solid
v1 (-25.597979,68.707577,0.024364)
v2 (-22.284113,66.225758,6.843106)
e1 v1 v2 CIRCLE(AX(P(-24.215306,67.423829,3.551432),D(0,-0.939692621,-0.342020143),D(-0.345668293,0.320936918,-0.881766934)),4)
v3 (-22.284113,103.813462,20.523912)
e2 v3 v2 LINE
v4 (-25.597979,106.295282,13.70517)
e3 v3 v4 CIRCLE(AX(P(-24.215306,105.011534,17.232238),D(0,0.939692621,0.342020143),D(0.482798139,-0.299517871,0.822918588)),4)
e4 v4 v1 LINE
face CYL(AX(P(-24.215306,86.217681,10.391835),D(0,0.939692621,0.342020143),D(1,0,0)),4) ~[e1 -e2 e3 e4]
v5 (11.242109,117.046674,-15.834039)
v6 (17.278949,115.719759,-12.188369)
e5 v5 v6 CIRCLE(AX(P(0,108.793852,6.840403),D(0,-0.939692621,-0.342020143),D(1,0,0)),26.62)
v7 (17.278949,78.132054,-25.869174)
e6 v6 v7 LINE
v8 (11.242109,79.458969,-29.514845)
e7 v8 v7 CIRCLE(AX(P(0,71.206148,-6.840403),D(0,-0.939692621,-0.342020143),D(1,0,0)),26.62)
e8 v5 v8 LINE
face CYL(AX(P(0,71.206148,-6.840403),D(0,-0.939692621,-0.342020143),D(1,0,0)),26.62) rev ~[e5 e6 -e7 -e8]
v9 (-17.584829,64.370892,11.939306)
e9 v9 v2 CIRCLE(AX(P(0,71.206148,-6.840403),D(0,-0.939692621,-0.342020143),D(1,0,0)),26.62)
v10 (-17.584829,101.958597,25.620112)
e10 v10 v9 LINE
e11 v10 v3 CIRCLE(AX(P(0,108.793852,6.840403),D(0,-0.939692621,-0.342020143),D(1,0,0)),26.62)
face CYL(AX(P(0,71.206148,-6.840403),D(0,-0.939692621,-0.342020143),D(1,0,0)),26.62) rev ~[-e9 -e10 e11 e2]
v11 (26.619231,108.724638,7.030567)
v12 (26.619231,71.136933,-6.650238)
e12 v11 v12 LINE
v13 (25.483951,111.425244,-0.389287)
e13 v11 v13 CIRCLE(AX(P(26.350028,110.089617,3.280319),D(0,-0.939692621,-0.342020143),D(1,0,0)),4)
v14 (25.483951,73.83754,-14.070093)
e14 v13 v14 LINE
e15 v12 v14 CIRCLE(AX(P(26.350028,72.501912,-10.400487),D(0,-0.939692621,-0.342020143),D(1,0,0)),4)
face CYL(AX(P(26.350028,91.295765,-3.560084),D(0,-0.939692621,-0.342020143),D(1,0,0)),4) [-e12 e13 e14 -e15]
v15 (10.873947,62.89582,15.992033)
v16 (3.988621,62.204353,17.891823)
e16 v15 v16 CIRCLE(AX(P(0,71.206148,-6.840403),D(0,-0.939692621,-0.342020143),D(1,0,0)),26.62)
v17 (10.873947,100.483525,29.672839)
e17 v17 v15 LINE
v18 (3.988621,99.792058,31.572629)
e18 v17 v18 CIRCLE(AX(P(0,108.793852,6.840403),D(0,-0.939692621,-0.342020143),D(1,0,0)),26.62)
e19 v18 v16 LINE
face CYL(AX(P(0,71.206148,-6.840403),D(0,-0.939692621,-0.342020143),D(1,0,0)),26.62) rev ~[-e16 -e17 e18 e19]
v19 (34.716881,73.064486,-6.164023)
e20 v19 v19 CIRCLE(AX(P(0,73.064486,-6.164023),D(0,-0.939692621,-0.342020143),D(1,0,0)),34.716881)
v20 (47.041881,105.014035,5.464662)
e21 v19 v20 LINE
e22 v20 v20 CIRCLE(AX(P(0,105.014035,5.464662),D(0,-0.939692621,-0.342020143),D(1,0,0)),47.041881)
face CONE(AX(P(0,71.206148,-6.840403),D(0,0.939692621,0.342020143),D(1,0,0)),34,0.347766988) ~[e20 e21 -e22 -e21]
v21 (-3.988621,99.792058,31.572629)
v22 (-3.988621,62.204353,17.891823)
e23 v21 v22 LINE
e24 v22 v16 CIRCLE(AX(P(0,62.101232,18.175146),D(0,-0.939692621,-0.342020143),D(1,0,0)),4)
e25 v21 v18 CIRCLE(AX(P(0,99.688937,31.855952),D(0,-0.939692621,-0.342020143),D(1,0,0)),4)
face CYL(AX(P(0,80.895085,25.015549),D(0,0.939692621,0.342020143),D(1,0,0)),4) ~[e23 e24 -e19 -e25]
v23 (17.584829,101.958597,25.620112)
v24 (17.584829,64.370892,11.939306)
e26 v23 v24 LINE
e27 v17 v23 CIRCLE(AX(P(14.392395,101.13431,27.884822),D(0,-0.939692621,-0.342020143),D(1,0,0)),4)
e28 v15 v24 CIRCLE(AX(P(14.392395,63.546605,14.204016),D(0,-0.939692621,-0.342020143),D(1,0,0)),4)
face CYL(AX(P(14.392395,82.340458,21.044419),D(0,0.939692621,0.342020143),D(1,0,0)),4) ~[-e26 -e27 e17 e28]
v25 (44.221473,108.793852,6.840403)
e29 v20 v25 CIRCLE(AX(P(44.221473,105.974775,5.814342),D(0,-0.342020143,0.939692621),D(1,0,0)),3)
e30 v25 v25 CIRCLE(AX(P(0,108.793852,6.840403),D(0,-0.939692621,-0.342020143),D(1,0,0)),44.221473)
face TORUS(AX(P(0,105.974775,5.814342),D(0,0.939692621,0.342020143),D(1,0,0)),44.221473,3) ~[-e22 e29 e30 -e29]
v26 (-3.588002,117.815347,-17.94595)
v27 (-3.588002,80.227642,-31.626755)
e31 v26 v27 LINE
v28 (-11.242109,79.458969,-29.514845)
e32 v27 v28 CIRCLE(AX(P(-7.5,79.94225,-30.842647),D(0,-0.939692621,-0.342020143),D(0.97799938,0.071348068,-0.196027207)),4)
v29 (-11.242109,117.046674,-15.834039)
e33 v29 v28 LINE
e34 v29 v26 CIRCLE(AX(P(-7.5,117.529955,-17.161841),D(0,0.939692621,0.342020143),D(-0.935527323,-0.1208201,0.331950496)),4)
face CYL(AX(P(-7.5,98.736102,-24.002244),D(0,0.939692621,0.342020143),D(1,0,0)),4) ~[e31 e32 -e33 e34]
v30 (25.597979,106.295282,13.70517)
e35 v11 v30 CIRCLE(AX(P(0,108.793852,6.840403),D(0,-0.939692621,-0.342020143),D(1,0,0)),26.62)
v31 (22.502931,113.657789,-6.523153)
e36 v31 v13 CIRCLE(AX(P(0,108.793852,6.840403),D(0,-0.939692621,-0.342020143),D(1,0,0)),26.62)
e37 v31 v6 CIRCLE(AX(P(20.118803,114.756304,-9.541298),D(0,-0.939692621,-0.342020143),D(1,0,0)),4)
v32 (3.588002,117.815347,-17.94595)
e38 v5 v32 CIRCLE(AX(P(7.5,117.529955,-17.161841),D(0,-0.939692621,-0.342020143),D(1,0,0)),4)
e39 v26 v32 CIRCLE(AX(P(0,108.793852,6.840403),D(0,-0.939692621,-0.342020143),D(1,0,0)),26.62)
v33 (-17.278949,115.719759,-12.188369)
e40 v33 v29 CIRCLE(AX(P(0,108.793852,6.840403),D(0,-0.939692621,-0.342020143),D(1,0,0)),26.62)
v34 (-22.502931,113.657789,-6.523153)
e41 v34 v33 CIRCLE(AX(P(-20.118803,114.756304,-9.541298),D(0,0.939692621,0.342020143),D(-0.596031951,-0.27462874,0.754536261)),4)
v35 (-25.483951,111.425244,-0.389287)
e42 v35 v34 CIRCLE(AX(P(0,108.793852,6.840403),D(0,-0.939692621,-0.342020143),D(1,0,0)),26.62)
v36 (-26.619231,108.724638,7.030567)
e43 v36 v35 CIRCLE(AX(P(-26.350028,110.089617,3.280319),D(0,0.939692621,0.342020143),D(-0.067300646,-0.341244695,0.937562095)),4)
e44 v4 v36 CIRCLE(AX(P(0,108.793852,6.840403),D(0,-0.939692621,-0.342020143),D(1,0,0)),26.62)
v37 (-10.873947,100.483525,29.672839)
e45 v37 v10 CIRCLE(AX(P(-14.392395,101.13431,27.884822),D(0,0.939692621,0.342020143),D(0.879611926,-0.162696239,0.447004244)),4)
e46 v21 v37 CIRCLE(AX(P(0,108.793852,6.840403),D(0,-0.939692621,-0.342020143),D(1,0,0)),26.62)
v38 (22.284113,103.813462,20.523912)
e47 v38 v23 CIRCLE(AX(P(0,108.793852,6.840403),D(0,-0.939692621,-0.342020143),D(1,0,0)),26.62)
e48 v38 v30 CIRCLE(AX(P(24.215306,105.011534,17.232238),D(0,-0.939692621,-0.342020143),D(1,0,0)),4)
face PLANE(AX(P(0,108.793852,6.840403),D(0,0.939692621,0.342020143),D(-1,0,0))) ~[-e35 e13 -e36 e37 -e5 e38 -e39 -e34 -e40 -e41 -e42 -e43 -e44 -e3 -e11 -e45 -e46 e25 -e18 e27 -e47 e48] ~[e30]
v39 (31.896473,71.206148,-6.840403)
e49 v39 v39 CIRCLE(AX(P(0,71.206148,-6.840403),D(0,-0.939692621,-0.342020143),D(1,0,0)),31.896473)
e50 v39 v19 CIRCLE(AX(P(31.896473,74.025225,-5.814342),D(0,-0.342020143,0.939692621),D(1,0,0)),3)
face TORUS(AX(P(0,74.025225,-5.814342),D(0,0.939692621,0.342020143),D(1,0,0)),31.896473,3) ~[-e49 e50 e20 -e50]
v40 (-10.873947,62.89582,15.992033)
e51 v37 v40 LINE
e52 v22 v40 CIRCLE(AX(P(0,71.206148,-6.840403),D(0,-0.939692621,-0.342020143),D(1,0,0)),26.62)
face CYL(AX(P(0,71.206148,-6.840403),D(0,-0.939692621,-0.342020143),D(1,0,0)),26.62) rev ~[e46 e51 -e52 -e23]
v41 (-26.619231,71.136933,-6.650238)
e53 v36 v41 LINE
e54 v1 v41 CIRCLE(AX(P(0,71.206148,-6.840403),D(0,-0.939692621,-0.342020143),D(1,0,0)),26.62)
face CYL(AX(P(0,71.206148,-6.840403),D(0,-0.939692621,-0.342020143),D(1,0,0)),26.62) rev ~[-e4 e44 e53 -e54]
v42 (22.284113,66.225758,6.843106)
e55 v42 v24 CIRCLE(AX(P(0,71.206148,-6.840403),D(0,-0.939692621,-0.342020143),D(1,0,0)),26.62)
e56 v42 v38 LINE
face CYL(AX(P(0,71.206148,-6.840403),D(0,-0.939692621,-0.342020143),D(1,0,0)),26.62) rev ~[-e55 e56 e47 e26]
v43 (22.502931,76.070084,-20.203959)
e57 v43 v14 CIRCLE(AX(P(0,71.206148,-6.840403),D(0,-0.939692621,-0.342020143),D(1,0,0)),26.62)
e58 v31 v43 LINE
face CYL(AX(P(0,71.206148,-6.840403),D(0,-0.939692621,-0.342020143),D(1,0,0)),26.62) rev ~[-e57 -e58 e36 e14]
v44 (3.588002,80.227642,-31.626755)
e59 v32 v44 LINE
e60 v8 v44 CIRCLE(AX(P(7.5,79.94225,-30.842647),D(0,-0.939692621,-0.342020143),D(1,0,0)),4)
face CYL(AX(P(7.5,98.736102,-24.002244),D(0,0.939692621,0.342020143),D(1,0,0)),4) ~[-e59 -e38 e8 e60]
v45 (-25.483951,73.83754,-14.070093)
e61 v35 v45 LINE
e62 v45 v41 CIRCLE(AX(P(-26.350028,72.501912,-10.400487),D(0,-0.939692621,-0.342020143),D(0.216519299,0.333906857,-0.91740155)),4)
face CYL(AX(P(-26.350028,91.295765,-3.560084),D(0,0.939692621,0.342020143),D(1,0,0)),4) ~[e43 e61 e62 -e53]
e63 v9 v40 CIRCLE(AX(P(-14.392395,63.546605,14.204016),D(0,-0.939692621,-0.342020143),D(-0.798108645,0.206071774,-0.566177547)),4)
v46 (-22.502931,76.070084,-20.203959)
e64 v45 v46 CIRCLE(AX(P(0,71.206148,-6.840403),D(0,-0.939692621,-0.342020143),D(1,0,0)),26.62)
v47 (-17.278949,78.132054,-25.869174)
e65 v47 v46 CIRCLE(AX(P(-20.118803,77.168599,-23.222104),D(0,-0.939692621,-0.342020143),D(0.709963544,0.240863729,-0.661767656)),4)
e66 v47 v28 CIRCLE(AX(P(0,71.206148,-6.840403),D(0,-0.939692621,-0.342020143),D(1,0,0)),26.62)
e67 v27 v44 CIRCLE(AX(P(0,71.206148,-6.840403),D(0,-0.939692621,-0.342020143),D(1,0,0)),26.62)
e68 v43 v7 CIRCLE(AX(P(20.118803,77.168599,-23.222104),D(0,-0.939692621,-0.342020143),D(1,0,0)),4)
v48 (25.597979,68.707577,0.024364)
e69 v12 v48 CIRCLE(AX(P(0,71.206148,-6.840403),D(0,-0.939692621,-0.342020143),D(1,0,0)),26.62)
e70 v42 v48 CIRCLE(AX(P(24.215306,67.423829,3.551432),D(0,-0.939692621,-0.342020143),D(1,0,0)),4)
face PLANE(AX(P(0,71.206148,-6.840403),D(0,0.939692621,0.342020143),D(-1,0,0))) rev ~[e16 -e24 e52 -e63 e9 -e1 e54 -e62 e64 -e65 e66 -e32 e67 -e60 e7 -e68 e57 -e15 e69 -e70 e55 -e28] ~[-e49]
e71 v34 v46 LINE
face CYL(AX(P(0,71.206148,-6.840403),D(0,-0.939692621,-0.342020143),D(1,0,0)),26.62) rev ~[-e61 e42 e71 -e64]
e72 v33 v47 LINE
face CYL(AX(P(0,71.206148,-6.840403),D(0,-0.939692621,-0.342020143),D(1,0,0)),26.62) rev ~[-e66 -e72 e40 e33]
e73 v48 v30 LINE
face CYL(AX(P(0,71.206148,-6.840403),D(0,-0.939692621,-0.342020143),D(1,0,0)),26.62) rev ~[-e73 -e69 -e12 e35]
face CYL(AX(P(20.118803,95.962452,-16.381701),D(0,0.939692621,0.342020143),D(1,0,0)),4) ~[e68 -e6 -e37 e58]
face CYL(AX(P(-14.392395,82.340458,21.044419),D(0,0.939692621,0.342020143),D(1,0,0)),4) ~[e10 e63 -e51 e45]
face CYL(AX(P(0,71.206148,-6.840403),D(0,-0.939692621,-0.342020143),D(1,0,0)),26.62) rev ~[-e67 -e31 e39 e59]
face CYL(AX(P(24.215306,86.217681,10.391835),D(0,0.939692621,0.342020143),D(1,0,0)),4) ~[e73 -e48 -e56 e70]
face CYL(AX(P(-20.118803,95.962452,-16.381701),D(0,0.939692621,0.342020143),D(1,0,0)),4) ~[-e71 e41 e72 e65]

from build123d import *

# Parameters (mm, degrees)
SKETCH_R             = 4
PAD_DEPTH            = 20
CYLINDER_R           = 26.62
CYLINDER_DEPTH       = 40
CYLINDER_ROLL_ANGLE  = 90.0000000001
CUT007_ROLL_ANGLE    = -20
CONE_PLACEMENT_ANGLE = 70
FILLET007_R          = 3


with BuildPart() as clone_of_pad:
    # Sketch → Pad (new body, symmetric)
    with BuildSketch(Plane.XZ):
        with Locations((0, 26.6209914966)):
            Circle(SKETCH_R)
        with Locations((14.3923946042, 22.395003144)):
            Circle(SKETCH_R)
        with Locations((24.2153056134, 11.0587595287)):
            Circle(SKETCH_R)
        with Locations((26.3500281875, -3.7885620995)):
            Circle(SKETCH_R)
        with Locations((20.1188029925, -17.4330420298)):
            Circle(SKETCH_R)
        with Locations((7.5, -25.5426542917)):
            Circle(SKETCH_R)
        with Locations((-7.5, -25.5426542917)):
            Circle(SKETCH_R)
        with Locations((-26.3500281875, -3.7885620995)):
            Circle(SKETCH_R)
        with Locations((-24.2153056134, 11.0587595287)):
            Circle(SKETCH_R)
        with Locations((-14.3923946042, 22.395003144)):
            Circle(SKETCH_R)
        with Locations((-20.1188029925, -17.4330420298)):
            Circle(SKETCH_R)
    extrude(amount=PAD_DEPTH, both=True)


with BuildPart() as cut007:
    # Cylinder → Cylinder (new body)
    with BuildSketch(Plane.XY):
        Circle(CYLINDER_R)
    extrude(amount=CYLINDER_DEPTH)


with BuildPart() as cut007_1:
    # Cylinder roll: moved
    add(cut007.part.rotate(Axis((0, 0, 0), (1, 0, 0)), CYLINDER_ROLL_ANGLE))


with BuildPart() as cut007_2:
    # Cylinder placement: moved
    add(cut007_1.part.moved(Location((0, 20, 0))))

    # Cut007: cut Clone of Pad
    add(clone_of_pad.part, mode=Mode.SUBTRACT)


with BuildPart() as cut007_3:
    # Cut007 roll: moved
    add(cut007_2.part.rotate(Axis((0, 0, 0), (1, 0, 0)), CUT007_ROLL_ANGLE))


with BuildPart() as cut007_4:
    # Cut007 placement: moved
    add(cut007_3.part)


with BuildPart() as fillet007:
    # Cone → Cone (revolve)
    with BuildSketch(Plane.XZ):
        Polygon((0, 0), (34, 0), (48.5, 40), (0, 40), align=None)
    revolve(axis=Axis((0, 0, 0), (0, 0, 1)))


with BuildPart() as fillet007_1:
    # Cone placement: moved
    add(fillet007.part.moved(Location((0, 18.7938524157, -6.8404028665))).rotate(Axis((0, 18.7938524157, -6.8404028665), (1, 0, 0)), CONE_PLACEMENT_ANGLE))

    # Cut008: cut Cut007
    add(cut007_4.part, mode=Mode.SUBTRACT)

    # Fillet007
    fillet007_edges = [fillet007_1.edges().sort_by_distance(p)[0] for p in [
        (-48.5, -18.793852, 6.840403),
        (-34, 18.793852, -6.840403),
    ]]
    fillet(fillet007_edges, radius=FILLET007_R)


with BuildPart() as part_mirroring005:
    # Part__Mirroring005: instance of Fillet007
    add(fillet007_1.part.mirror(Plane(origin=(0, 45, 0), x_dir=(1, 0, 0), z_dir=(0, 1, 0))))


solid = part_mirroring005.part
